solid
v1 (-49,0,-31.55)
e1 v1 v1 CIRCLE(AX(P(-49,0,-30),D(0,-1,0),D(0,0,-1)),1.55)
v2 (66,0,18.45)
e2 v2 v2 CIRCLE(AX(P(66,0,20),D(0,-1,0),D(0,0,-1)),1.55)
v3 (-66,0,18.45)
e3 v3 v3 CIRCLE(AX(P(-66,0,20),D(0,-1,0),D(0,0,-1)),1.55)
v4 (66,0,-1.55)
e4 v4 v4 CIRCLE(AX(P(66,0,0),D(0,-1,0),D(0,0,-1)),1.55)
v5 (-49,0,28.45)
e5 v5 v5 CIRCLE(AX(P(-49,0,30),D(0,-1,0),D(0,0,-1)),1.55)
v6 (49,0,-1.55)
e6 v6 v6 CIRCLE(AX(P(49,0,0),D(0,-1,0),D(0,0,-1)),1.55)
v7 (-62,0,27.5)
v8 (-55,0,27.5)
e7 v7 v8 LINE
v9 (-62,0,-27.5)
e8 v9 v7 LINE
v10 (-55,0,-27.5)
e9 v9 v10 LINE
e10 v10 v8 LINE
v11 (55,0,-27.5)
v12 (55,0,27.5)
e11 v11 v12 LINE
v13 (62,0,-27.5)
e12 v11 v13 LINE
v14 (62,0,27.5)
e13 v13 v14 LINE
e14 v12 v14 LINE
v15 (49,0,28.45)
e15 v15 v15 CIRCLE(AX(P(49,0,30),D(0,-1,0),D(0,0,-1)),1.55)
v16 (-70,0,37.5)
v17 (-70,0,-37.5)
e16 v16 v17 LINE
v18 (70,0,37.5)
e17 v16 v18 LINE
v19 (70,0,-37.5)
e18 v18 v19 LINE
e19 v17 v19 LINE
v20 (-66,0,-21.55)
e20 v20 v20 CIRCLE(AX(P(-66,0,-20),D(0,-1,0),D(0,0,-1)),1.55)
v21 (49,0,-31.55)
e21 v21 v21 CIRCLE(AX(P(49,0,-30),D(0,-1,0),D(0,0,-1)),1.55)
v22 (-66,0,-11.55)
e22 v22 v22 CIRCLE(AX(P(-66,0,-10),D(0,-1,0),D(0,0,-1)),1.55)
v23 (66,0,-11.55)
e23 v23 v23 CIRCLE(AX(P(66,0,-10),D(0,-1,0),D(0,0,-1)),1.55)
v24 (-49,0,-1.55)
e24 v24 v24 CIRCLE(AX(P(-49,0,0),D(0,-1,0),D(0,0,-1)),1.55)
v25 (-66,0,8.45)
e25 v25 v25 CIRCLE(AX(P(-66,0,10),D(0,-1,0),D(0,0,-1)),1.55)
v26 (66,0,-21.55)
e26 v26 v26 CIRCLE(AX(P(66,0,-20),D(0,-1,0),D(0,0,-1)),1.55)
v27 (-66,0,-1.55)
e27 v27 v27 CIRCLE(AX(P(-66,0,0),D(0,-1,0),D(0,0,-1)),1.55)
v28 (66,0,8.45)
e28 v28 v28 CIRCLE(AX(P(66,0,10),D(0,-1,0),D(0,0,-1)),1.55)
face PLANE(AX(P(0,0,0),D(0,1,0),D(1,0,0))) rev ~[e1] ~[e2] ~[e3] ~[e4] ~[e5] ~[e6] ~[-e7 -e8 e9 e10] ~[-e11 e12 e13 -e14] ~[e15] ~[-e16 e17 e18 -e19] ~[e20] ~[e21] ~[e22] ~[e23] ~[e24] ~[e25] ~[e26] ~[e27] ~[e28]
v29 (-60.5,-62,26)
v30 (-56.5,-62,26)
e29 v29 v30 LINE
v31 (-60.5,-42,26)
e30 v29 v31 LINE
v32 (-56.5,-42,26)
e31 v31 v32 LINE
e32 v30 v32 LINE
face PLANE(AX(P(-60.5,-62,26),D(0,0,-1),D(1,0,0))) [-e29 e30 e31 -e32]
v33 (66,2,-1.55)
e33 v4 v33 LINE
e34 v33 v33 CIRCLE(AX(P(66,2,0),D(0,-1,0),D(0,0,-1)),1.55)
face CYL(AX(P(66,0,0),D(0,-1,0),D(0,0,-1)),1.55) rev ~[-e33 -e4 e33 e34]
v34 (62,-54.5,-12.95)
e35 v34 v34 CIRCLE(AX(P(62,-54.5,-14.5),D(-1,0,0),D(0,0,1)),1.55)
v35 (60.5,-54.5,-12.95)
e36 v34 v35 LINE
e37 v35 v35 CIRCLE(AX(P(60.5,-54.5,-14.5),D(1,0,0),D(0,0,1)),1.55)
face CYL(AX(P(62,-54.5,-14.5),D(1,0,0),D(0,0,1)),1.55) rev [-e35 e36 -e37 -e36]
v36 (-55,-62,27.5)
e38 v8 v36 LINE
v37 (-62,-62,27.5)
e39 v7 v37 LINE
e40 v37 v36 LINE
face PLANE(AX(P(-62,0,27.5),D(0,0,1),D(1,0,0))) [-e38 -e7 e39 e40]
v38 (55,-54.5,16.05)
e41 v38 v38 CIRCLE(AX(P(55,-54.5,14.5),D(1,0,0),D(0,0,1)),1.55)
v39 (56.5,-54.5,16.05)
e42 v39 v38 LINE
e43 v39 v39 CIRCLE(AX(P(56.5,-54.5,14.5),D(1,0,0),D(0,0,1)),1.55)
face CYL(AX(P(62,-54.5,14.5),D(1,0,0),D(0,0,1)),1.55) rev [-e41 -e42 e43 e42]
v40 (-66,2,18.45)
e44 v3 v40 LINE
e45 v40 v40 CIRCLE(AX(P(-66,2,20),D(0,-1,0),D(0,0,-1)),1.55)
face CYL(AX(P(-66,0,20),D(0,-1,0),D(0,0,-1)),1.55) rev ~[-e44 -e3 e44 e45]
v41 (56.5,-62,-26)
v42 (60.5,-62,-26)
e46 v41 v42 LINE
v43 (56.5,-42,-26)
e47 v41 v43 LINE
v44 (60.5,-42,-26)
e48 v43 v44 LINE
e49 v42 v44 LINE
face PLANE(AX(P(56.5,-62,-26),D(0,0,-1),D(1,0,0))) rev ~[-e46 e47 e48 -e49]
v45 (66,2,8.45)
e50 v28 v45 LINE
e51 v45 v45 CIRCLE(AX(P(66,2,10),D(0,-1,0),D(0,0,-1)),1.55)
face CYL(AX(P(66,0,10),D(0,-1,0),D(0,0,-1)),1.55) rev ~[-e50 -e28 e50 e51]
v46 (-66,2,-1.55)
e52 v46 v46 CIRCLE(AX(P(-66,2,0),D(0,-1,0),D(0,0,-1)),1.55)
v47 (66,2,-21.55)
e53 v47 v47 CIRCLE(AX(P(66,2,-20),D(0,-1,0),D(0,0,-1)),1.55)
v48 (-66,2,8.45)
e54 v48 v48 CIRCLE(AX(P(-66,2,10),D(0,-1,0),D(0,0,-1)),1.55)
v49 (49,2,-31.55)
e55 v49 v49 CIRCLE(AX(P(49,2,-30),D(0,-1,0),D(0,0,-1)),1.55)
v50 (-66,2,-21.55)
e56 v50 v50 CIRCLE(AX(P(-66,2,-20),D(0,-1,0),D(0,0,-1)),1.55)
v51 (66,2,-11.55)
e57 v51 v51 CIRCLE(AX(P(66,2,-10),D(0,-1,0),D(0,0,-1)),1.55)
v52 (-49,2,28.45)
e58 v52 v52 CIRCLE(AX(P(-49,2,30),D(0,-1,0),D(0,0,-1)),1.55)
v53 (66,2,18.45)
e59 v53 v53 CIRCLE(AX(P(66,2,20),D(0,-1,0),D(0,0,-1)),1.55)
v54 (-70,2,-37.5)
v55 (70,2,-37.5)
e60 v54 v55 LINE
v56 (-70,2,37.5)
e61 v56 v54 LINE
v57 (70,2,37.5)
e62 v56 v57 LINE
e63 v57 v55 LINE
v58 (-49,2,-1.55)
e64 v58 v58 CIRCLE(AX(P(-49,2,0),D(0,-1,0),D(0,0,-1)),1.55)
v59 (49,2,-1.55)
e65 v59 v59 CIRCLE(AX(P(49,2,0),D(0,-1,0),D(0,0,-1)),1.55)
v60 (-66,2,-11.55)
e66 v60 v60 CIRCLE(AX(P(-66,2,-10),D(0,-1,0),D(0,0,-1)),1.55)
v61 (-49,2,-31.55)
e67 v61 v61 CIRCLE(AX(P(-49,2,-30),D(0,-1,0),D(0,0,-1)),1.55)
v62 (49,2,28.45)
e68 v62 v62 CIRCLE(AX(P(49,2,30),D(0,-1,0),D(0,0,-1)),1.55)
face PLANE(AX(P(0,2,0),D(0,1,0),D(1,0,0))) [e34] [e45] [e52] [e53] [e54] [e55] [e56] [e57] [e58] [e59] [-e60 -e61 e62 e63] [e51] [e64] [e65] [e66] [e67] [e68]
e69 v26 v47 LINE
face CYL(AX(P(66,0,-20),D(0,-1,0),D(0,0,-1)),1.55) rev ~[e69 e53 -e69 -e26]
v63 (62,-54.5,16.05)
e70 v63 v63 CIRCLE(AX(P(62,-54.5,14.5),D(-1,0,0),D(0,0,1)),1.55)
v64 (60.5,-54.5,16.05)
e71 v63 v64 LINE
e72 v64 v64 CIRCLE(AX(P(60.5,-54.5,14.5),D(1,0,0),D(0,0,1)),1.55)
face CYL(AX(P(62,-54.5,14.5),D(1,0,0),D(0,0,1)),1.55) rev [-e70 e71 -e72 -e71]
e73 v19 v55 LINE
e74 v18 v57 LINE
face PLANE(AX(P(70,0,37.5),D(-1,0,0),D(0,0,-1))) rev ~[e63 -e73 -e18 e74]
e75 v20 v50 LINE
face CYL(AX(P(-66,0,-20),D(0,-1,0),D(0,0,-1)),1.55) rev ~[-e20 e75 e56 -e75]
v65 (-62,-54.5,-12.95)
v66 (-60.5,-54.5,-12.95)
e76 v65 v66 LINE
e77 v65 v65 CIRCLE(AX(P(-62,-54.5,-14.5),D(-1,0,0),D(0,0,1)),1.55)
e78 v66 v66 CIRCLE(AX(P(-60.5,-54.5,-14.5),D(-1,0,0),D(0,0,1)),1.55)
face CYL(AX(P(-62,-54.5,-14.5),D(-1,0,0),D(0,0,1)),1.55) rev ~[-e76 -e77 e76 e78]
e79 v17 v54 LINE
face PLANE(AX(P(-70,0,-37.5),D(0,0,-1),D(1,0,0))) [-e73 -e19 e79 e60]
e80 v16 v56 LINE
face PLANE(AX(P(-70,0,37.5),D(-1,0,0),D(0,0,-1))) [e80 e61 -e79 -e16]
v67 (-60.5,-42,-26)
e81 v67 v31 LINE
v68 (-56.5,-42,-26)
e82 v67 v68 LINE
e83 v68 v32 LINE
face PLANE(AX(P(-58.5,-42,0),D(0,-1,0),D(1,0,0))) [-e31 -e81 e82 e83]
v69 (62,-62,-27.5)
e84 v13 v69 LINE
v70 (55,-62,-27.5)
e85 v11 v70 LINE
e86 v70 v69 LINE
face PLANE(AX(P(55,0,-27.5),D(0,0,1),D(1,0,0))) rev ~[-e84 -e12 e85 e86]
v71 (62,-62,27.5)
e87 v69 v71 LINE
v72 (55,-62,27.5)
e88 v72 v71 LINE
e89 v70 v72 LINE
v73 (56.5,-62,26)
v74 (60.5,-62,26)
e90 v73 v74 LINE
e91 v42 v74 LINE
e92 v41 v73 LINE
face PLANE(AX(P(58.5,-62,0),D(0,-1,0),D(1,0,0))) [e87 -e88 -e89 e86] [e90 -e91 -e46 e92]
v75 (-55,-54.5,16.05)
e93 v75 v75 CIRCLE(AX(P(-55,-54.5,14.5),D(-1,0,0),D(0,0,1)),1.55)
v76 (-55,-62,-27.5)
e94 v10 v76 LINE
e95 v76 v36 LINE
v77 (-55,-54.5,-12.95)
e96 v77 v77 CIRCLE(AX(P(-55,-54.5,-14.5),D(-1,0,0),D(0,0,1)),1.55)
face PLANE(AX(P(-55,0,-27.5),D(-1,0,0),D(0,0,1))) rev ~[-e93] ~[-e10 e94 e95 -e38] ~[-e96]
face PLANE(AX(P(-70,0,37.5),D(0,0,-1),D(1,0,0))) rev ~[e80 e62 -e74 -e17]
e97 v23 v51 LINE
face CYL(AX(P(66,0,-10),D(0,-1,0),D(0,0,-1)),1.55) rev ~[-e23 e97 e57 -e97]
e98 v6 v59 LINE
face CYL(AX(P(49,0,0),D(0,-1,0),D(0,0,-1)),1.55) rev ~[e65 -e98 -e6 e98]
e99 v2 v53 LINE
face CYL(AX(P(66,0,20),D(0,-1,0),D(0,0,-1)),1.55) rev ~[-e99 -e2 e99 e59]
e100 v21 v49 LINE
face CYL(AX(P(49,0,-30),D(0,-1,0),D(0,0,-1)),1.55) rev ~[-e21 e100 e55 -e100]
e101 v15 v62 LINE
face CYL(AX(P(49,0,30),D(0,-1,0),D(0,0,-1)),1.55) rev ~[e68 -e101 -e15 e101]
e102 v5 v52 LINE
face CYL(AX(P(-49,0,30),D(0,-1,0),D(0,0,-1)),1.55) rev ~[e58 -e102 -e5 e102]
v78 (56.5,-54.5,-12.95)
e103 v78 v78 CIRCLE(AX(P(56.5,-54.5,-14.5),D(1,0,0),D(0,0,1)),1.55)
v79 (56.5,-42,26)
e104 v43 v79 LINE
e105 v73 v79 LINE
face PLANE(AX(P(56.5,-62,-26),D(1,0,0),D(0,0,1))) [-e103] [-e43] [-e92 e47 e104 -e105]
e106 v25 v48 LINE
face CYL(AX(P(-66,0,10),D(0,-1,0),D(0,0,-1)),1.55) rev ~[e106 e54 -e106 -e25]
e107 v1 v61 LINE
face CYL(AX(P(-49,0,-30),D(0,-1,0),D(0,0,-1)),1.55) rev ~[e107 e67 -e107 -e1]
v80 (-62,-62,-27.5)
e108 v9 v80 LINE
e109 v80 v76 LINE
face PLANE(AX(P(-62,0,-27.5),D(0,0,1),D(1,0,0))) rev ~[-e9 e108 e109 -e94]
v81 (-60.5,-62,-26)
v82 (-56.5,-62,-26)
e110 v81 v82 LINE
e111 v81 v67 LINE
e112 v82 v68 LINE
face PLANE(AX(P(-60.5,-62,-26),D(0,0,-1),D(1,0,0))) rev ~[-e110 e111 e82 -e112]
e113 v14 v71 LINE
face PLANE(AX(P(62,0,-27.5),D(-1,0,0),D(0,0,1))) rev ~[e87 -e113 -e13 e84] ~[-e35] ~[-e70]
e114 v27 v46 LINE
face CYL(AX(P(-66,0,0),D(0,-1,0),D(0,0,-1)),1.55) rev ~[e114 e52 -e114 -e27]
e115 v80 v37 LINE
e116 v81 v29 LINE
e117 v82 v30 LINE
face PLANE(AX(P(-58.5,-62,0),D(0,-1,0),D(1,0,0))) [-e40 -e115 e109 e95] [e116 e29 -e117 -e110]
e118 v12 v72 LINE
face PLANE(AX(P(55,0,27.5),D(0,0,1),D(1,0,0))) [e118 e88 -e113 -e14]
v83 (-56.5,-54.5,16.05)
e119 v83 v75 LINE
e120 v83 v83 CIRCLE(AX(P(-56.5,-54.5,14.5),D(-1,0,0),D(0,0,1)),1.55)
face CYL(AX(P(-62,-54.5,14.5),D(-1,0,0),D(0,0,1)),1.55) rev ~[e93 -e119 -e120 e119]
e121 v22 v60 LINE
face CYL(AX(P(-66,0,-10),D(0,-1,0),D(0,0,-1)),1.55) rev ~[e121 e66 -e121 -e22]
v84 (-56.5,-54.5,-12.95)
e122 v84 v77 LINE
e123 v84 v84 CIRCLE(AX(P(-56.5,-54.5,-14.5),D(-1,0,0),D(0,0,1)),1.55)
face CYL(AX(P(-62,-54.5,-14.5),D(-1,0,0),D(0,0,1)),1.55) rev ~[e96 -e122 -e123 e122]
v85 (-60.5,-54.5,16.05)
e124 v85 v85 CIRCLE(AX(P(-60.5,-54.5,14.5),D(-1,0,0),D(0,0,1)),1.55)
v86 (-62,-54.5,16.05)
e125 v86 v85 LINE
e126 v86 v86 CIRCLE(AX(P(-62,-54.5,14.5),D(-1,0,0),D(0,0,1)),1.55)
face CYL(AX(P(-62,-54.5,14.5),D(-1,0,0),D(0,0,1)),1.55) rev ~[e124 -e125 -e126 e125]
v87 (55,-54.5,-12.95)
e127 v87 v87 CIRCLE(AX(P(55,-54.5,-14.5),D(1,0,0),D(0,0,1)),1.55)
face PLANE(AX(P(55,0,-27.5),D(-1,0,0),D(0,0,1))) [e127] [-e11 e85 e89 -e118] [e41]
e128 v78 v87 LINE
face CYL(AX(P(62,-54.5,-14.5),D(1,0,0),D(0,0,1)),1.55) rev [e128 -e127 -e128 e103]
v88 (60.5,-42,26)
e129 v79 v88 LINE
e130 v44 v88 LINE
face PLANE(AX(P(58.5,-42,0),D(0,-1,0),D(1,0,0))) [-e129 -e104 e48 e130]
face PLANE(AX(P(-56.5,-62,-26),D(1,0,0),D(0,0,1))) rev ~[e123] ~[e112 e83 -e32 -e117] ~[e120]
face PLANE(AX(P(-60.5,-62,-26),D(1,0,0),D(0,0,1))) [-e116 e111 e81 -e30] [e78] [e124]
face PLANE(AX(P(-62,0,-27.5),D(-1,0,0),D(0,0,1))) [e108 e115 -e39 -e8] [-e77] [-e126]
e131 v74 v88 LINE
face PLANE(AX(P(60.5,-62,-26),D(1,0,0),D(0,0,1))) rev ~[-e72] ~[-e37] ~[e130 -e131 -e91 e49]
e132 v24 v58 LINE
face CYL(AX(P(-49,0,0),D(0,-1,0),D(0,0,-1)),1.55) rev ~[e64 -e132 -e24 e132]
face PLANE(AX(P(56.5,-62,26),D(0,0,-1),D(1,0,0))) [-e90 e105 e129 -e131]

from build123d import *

# Parameters (mm, degrees)
SKETCH_1_W          = 140
SKETCH_1_H          = 75
EXTRUDE_1_DEPTH     = 2
SKETCH_2_R          = 1.55
CUT_EXTRUDE_1_DEPTH = 3
SKETCH_3_W          = 7
SKETCH_3_H          = 55
EXTRUDE_2_DEPTH     = 62
SKETCH_5_R          = 1.55
CUT_EXTRUDE_2_DEPTH = 15
SKETCH_6_R          = 1.55
CUT_EXTRUDE_3_DEPTH = 15
SKETCH_7_W          = 4
SKETCH_7_H          = 52
CUT_EXTRUDE_4_DEPTH = 20


with BuildPart() as part:
    # 草图1 → 凸台-拉伸1 (new body)
    with BuildSketch(Plane(origin=(0, 0, 0), x_dir=(1, 0, 0), z_dir=(0, 1, 0))):
        Rectangle(SKETCH_1_W, SKETCH_1_H)
    extrude(amount=EXTRUDE_1_DEPTH)

    # 草图2 → 切除-拉伸1 (cut)
    with BuildSketch(Plane.XZ):
        with Locations(Location((-49, 0, 0), (0, 0, 270))):
            Circle(SKETCH_2_R)
        with Locations(Location((-49, -30, 0), (0, 0, 270))):
            Circle(SKETCH_2_R)
        with Locations(Location((-49, 30, 0), (0, 0, 270))):
            Circle(SKETCH_2_R)
        with Locations(Location((49, 30, 0), (0, 0, 270))):
            Circle(SKETCH_2_R)
        with Locations(Location((49, 0, 0), (0, 0, 270))):
            Circle(SKETCH_2_R)
        with Locations(Location((49, -30, 0), (0, 0, 270))):
            Circle(SKETCH_2_R)
    extrude(amount=-CUT_EXTRUDE_1_DEPTH, mode=Mode.SUBTRACT)

    # 草图3 → 凸台-拉伸2 (add)
    with BuildSketch(Plane.XZ):
        with Locations((-58.5, 0)):
            Rectangle(SKETCH_3_W, SKETCH_3_H)
        with Locations((58.5, 0)):
            Rectangle(SKETCH_3_W, SKETCH_3_H)
    extrude(amount=EXTRUDE_2_DEPTH)

    # 草图5 → 切除-拉伸2 (cut)
    with BuildSketch(Plane.XZ):
        with Locations(Location((-66, 20, 0), (0, 0, 270))):
            Circle(SKETCH_5_R)
        with Locations(Location((-66, 10, 0), (0, 0, 270))):
            Circle(SKETCH_5_R)
        with Locations(Location((-66, 0, 0), (0, 0, 270))):
            Circle(SKETCH_5_R)
        with Locations(Location((-66, -10, 0), (0, 0, 270))):
            Circle(SKETCH_5_R)
        with Locations(Location((-66, -20, 0), (0, 0, 270))):
            Circle(SKETCH_5_R)
        with Locations(Location((66, -20, 0), (0, 0, 270))):
            Circle(SKETCH_5_R)
        with Locations(Location((66, -10, 0), (0, 0, 270))):
            Circle(SKETCH_5_R)
        with Locations(Location((66, 0, 0), (0, 0, 270))):
            Circle(SKETCH_5_R)
        with Locations(Location((66, 10, 0), (0, 0, 270))):
            Circle(SKETCH_5_R)
        with Locations(Location((66, 20, 0), (0, 0, 270))):
            Circle(SKETCH_5_R)
    extrude(amount=-CUT_EXTRUDE_2_DEPTH, mode=Mode.SUBTRACT)

    # 草图6 → 切除-拉伸3 (cut)
    with BuildSketch(Plane.ZY.offset(62)):
        with Locations((-14.5, -54.5)):
            Circle(SKETCH_6_R)
        with Locations((14.5, -54.5)):
            Circle(SKETCH_6_R)
    cut_extrude_3 = extrude(amount=-CUT_EXTRUDE_3_DEPTH, mode=Mode.SUBTRACT)

    # 镜向1: 切除-拉伸3 across plane
    add(cut_extrude_3.mirror(Plane(origin=(0, 0, 0), x_dir=(0, 0, 1), z_dir=(1, 0, 0))), mode=Mode.SUBTRACT)

    # 草图7 → 切除-拉伸4 (cut)
    with BuildSketch(Plane.XZ.offset(62)):
        with Locations((58.5, 0)):
            Rectangle(SKETCH_7_W, SKETCH_7_H)
        with Locations((-58.5, 0)):
            Rectangle(SKETCH_7_W, SKETCH_7_H)
    extrude(amount=-CUT_EXTRUDE_4_DEPTH, mode=Mode.SUBTRACT)


solid = part.part
